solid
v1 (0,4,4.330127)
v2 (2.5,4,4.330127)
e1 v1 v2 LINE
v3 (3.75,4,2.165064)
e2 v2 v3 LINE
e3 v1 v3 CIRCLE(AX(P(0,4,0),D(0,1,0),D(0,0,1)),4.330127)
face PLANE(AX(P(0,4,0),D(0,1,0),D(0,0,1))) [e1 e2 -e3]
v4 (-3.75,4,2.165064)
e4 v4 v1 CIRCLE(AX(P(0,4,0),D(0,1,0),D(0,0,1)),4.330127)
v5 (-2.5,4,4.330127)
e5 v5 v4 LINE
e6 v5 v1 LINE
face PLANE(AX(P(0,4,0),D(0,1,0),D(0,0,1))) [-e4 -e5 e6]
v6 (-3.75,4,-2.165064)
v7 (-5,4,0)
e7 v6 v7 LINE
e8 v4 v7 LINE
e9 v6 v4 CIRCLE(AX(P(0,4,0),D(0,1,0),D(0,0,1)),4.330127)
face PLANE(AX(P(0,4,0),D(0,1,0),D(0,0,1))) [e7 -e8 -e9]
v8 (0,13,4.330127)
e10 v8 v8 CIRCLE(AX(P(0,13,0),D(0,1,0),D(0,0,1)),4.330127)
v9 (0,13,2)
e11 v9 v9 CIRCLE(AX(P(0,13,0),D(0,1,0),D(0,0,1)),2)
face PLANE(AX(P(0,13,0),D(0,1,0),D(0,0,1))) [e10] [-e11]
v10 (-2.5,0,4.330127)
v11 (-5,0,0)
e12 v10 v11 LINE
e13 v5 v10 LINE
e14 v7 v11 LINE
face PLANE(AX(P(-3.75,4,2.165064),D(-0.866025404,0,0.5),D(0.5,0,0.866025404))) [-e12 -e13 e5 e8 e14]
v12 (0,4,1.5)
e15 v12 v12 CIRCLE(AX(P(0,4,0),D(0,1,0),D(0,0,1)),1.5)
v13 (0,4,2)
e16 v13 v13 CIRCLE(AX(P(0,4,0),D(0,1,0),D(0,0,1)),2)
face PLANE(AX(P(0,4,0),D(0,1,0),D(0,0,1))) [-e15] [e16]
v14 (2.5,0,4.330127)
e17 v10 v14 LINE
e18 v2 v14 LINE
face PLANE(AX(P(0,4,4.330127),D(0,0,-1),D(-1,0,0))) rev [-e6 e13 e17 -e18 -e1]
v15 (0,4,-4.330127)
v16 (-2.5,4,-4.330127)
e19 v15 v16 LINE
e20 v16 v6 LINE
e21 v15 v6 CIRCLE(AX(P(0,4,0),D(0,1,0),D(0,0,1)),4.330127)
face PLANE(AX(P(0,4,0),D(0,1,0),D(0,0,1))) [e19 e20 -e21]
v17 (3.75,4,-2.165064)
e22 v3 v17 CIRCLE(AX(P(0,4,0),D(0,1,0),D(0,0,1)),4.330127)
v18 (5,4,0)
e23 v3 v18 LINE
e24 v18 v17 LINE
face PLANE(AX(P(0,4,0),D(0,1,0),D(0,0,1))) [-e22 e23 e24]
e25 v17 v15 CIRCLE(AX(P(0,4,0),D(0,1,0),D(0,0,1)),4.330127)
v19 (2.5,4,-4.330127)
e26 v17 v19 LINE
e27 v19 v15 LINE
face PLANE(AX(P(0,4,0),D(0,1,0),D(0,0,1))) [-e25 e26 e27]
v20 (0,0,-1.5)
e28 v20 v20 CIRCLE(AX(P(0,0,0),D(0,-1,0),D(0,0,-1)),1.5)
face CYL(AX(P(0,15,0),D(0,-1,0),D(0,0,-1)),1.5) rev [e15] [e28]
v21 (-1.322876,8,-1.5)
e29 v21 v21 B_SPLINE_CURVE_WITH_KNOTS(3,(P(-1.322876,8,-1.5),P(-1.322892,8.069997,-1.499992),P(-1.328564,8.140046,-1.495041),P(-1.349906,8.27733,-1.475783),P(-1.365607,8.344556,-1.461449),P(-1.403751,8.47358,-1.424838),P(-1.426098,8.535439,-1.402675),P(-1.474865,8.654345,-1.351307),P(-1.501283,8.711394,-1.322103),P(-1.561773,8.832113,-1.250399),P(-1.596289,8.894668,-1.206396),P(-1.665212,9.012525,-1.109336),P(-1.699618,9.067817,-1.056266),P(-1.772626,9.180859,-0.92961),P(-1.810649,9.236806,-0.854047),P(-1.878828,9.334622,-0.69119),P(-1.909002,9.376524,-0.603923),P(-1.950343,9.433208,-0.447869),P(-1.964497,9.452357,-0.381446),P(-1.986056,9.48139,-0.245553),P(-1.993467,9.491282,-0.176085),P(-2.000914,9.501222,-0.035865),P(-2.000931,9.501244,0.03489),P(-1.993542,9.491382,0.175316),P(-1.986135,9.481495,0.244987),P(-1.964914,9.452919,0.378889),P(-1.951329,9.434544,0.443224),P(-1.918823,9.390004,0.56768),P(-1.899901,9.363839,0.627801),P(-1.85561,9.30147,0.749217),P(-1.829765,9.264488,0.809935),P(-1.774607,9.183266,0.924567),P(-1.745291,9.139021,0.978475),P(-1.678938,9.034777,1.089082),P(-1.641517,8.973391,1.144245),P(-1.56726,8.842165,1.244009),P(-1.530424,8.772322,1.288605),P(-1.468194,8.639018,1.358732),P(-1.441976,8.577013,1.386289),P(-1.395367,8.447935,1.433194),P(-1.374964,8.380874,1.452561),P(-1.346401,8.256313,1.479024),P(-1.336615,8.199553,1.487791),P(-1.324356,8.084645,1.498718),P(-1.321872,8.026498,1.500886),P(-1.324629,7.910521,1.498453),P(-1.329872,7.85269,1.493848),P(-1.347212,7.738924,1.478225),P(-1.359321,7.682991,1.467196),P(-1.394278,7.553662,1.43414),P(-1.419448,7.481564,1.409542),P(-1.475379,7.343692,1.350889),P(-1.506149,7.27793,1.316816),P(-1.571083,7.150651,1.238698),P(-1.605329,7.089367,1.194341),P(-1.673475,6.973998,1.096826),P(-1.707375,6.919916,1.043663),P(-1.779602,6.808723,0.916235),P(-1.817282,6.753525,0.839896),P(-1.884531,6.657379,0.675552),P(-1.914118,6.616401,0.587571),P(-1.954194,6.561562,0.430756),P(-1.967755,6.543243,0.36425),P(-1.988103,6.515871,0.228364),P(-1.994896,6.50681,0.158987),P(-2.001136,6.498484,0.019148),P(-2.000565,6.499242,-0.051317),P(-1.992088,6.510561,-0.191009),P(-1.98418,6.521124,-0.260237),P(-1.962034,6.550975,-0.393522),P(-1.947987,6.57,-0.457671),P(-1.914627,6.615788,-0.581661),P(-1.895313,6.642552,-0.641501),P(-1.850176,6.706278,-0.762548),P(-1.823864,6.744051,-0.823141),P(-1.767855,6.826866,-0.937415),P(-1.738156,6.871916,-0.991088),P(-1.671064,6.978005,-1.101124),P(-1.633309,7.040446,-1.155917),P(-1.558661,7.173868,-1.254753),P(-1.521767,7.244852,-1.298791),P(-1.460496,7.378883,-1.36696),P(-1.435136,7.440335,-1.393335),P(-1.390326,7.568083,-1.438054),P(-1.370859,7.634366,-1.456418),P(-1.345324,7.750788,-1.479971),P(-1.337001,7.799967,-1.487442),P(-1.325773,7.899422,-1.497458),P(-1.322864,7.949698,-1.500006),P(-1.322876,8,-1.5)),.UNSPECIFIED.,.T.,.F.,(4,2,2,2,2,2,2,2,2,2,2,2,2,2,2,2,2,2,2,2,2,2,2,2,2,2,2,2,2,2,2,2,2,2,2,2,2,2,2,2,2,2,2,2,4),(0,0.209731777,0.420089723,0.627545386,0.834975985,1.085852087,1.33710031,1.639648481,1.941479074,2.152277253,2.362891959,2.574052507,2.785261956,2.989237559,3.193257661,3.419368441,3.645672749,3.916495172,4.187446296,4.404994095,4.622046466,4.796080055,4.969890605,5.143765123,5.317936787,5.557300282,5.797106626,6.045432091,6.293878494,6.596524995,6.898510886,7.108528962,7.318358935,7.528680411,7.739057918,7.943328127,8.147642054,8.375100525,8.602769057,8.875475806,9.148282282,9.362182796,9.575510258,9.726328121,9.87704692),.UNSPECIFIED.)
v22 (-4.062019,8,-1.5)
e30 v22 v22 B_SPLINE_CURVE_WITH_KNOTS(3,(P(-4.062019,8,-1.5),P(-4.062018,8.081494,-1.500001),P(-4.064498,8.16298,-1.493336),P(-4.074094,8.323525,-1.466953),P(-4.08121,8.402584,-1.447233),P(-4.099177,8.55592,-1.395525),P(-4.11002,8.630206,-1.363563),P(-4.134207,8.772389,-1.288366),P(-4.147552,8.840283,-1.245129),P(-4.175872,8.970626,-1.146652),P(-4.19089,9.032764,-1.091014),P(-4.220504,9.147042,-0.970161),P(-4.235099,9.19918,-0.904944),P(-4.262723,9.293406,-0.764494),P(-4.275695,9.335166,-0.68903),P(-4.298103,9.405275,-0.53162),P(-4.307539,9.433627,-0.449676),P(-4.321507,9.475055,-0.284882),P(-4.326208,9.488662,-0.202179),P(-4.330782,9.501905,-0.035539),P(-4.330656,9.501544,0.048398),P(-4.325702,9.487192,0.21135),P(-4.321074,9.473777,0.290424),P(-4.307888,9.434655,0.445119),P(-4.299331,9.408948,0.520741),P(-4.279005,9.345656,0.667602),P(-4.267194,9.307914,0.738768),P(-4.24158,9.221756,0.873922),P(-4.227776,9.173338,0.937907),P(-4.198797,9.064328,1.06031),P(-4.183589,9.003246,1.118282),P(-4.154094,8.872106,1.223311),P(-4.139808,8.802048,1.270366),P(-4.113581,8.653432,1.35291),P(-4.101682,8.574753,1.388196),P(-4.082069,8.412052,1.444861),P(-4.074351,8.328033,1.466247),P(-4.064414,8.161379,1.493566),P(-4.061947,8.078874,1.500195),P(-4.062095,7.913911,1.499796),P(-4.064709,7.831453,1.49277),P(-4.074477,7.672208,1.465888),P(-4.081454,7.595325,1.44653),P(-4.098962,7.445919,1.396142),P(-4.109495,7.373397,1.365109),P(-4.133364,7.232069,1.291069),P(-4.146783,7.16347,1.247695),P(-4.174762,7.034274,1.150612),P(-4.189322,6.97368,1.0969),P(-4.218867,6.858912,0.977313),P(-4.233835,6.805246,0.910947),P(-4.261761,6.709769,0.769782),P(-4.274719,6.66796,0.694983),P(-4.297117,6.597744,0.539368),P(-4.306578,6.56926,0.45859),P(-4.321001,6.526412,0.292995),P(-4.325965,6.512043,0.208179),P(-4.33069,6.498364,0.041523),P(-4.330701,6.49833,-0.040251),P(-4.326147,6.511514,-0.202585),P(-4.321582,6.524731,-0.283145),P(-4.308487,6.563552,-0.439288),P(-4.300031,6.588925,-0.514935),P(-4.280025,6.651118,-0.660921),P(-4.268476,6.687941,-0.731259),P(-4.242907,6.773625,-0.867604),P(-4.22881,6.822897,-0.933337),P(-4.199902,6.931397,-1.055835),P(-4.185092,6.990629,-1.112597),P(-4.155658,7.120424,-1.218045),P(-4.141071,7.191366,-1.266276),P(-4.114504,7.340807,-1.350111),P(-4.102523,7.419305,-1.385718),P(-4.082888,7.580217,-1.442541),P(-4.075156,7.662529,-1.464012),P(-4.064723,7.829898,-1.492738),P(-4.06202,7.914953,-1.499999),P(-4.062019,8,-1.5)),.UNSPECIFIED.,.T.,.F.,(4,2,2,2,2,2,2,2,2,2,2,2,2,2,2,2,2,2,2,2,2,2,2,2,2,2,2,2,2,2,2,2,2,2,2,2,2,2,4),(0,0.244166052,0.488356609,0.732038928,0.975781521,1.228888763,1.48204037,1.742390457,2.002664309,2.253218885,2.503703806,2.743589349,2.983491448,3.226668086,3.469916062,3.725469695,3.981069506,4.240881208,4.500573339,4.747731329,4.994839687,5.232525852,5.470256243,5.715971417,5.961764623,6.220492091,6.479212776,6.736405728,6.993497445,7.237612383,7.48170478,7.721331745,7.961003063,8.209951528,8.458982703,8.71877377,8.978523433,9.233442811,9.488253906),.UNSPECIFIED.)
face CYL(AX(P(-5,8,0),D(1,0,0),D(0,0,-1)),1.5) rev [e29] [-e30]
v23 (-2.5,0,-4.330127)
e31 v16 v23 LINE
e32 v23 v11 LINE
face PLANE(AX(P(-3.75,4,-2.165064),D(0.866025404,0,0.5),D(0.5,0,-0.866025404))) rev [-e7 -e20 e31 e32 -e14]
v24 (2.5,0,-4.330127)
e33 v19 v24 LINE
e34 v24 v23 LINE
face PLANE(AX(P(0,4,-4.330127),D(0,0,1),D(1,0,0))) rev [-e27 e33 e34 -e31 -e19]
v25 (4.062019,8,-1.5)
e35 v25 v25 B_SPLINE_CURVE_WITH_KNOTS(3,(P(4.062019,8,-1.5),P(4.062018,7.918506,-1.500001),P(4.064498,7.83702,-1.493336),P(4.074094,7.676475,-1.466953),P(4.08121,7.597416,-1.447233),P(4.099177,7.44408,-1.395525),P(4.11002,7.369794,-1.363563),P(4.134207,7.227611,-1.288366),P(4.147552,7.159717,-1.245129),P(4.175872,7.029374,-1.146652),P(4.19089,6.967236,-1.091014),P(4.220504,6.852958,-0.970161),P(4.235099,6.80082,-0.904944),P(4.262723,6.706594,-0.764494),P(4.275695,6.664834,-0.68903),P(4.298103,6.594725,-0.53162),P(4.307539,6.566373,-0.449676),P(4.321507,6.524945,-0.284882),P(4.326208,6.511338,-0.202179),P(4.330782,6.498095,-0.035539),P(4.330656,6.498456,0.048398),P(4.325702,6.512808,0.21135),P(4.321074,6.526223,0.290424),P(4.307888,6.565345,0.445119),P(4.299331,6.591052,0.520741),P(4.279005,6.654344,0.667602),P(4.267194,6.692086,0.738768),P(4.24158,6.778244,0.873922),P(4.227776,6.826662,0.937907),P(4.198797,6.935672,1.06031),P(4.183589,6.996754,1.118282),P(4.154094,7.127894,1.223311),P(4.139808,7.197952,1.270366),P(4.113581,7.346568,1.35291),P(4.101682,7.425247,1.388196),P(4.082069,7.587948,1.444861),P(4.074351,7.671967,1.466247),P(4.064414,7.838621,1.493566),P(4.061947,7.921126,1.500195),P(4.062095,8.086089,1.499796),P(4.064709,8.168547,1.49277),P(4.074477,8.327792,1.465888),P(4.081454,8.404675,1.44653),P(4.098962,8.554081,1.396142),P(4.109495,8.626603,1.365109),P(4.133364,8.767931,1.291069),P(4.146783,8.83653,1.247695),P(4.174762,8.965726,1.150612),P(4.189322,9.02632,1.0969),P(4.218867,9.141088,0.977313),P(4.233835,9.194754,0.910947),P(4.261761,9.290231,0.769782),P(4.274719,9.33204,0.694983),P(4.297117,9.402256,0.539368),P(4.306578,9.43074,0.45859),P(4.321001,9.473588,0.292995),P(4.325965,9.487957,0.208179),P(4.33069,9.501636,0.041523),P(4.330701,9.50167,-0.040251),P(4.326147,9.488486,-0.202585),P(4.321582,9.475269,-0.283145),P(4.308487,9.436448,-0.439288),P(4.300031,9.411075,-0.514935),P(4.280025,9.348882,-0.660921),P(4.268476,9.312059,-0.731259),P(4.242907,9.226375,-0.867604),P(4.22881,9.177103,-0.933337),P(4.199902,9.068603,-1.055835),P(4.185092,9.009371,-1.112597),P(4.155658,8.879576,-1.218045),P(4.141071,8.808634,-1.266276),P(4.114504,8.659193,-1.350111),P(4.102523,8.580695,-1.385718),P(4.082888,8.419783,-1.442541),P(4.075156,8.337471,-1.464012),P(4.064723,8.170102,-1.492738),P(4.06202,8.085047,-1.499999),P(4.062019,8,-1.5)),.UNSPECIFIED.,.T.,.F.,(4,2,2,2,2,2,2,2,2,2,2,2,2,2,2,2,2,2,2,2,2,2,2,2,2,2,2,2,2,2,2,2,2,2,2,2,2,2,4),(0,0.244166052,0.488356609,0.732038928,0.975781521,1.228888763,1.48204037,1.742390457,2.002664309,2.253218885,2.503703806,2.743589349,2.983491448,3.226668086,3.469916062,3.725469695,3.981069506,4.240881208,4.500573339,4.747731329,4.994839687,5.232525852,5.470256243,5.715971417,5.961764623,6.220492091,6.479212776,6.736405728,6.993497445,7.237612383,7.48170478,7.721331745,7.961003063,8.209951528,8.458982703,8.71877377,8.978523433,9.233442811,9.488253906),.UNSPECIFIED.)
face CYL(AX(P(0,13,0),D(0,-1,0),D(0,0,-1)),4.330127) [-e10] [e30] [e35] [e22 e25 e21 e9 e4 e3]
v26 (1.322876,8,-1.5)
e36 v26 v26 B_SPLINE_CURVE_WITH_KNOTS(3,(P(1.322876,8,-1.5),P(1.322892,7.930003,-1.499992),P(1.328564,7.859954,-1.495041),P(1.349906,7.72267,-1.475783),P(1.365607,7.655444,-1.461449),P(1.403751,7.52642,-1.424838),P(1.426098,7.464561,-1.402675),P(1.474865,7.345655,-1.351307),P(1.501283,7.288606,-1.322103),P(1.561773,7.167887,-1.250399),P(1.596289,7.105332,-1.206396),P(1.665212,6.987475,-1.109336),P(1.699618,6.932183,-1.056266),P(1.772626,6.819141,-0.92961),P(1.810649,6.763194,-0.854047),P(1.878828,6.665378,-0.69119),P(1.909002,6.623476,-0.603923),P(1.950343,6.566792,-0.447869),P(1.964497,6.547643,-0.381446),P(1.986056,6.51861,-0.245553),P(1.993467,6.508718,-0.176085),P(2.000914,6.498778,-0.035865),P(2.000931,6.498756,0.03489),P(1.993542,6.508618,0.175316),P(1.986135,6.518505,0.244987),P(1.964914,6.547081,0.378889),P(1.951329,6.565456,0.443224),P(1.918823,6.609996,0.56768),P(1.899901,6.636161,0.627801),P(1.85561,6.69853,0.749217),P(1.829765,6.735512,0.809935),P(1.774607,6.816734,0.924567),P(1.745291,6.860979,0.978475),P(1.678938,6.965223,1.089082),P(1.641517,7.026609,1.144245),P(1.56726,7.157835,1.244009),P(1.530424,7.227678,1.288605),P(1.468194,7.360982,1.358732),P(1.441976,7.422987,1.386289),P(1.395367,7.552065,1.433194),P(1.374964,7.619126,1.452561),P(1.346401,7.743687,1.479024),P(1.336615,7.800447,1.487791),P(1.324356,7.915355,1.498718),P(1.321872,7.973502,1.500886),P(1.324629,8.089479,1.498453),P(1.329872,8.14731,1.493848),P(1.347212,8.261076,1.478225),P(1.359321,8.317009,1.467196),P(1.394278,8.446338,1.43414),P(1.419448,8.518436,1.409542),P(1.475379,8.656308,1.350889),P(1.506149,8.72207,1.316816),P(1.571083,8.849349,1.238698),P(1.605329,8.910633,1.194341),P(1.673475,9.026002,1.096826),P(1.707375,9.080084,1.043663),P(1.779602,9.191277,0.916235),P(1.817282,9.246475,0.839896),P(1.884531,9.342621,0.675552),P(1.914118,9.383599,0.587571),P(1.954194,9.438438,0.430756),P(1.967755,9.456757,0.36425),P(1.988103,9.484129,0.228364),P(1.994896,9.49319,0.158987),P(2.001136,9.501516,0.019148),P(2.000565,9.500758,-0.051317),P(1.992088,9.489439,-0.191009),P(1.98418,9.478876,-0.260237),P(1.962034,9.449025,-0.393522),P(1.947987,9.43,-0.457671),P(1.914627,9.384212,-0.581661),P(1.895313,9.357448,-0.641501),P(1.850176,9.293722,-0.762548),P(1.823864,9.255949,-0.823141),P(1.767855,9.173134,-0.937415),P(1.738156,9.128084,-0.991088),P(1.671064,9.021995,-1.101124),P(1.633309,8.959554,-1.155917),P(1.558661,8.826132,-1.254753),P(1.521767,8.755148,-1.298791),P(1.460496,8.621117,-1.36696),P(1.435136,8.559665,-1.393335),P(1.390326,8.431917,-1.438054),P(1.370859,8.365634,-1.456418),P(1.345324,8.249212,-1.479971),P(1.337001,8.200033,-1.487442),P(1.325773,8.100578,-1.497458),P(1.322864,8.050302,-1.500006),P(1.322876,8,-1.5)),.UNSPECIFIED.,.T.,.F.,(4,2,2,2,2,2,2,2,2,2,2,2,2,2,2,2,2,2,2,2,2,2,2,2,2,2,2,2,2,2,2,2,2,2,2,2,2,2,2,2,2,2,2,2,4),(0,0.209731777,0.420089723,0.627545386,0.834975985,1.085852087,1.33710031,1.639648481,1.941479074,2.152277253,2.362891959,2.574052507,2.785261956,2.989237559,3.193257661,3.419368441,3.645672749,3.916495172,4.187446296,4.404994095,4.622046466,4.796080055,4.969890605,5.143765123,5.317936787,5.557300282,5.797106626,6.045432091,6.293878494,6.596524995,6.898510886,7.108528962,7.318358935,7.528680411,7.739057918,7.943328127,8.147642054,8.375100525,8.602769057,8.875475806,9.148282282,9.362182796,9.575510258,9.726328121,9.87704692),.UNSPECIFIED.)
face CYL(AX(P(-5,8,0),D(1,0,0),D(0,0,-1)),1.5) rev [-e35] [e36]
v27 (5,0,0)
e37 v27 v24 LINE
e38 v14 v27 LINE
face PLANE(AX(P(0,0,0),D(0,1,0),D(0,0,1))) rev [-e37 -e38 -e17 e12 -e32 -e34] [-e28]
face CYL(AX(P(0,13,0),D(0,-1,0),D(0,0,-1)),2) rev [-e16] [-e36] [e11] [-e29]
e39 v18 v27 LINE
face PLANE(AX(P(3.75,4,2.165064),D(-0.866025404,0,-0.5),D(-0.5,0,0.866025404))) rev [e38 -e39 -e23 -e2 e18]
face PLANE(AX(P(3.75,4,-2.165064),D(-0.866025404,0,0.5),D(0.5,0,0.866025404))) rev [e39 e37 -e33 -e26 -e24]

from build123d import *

# Parameters (mm, degrees)
EXTRUDE_1_DEPTH          = 4
SKETCH_3_R               = 4.330127019
SKETCH_3_R_2             = 2
EXTRUDE_2_DEPTH          = 9
SKETCH_4_R               = 1.5
CUT_EXTRUDE_1_DEPTH      = 15
CUT_EXTRUDE_2_DEPTH      = 15.585952146
CUT_EXTRUDE_2_DEPTH_BACK = 15.585952146
SKETCH_5_R               = 1.5


with BuildPart() as part:
    # 草图2 → 凸台-拉伸1 (new body)
    with BuildSketch(Plane(origin=(0, 0, 0), x_dir=(1, 0, 0), z_dir=(0, 1, 0))):
        Polygon((0, 0), (-2.5, 4.330127019), (-5, 0), align=None)
        Polygon((-2.5, -4.330127019), (-5, 0), (0, 0), align=None)
        Polygon((0, 0), (-2.5, -4.330127019), (2.5, -4.330127019), align=None)
        Polygon((0, 0), (2.5, -4.330127019), (5, 0), align=None)
        Polygon((0, 0), (5, 0), (2.5, 4.330127019), align=None)
        Polygon((0, 0), (2.5, 4.330127019), (-2.5, 4.330127019), align=None)
    extrude(amount=EXTRUDE_1_DEPTH)

    # 草图3 → 凸台-拉伸2 (add)
    with BuildSketch(Plane(origin=(0, 4, 0), x_dir=(1, 0, 0), z_dir=(0, 1, 0))):
        with Locations(Location((0, 0, 0), (0, 0, 270))):
            Circle(SKETCH_3_R)
        with Locations(Location((0, 0, 0), (0, 0, 270))):
            Circle(SKETCH_3_R_2, mode=Mode.SUBTRACT)
    extrude(amount=EXTRUDE_2_DEPTH)

    # 草图4 → 切除-拉伸1 (cut)
    with BuildSketch(Plane.XZ):
        with Locations(Location((0, 0, 0), (0, 0, 270))):
            Circle(SKETCH_4_R)
    extrude(amount=-CUT_EXTRUDE_1_DEPTH, mode=Mode.SUBTRACT)

    # 草图5 → 切除-拉伸2 (cut, two sides: drawn at the far end of the back side and taken through both)
    with BuildSketch(Plane(origin=(0, 0, 0), x_dir=(0, 0, -1), z_dir=(1, 0, 0)).offset(-CUT_EXTRUDE_2_DEPTH_BACK)):
        with Locations((0, 8)):
            Circle(SKETCH_5_R)
    extrude(amount=CUT_EXTRUDE_2_DEPTH + CUT_EXTRUDE_2_DEPTH_BACK, mode=Mode.SUBTRACT)


solid = part.part
